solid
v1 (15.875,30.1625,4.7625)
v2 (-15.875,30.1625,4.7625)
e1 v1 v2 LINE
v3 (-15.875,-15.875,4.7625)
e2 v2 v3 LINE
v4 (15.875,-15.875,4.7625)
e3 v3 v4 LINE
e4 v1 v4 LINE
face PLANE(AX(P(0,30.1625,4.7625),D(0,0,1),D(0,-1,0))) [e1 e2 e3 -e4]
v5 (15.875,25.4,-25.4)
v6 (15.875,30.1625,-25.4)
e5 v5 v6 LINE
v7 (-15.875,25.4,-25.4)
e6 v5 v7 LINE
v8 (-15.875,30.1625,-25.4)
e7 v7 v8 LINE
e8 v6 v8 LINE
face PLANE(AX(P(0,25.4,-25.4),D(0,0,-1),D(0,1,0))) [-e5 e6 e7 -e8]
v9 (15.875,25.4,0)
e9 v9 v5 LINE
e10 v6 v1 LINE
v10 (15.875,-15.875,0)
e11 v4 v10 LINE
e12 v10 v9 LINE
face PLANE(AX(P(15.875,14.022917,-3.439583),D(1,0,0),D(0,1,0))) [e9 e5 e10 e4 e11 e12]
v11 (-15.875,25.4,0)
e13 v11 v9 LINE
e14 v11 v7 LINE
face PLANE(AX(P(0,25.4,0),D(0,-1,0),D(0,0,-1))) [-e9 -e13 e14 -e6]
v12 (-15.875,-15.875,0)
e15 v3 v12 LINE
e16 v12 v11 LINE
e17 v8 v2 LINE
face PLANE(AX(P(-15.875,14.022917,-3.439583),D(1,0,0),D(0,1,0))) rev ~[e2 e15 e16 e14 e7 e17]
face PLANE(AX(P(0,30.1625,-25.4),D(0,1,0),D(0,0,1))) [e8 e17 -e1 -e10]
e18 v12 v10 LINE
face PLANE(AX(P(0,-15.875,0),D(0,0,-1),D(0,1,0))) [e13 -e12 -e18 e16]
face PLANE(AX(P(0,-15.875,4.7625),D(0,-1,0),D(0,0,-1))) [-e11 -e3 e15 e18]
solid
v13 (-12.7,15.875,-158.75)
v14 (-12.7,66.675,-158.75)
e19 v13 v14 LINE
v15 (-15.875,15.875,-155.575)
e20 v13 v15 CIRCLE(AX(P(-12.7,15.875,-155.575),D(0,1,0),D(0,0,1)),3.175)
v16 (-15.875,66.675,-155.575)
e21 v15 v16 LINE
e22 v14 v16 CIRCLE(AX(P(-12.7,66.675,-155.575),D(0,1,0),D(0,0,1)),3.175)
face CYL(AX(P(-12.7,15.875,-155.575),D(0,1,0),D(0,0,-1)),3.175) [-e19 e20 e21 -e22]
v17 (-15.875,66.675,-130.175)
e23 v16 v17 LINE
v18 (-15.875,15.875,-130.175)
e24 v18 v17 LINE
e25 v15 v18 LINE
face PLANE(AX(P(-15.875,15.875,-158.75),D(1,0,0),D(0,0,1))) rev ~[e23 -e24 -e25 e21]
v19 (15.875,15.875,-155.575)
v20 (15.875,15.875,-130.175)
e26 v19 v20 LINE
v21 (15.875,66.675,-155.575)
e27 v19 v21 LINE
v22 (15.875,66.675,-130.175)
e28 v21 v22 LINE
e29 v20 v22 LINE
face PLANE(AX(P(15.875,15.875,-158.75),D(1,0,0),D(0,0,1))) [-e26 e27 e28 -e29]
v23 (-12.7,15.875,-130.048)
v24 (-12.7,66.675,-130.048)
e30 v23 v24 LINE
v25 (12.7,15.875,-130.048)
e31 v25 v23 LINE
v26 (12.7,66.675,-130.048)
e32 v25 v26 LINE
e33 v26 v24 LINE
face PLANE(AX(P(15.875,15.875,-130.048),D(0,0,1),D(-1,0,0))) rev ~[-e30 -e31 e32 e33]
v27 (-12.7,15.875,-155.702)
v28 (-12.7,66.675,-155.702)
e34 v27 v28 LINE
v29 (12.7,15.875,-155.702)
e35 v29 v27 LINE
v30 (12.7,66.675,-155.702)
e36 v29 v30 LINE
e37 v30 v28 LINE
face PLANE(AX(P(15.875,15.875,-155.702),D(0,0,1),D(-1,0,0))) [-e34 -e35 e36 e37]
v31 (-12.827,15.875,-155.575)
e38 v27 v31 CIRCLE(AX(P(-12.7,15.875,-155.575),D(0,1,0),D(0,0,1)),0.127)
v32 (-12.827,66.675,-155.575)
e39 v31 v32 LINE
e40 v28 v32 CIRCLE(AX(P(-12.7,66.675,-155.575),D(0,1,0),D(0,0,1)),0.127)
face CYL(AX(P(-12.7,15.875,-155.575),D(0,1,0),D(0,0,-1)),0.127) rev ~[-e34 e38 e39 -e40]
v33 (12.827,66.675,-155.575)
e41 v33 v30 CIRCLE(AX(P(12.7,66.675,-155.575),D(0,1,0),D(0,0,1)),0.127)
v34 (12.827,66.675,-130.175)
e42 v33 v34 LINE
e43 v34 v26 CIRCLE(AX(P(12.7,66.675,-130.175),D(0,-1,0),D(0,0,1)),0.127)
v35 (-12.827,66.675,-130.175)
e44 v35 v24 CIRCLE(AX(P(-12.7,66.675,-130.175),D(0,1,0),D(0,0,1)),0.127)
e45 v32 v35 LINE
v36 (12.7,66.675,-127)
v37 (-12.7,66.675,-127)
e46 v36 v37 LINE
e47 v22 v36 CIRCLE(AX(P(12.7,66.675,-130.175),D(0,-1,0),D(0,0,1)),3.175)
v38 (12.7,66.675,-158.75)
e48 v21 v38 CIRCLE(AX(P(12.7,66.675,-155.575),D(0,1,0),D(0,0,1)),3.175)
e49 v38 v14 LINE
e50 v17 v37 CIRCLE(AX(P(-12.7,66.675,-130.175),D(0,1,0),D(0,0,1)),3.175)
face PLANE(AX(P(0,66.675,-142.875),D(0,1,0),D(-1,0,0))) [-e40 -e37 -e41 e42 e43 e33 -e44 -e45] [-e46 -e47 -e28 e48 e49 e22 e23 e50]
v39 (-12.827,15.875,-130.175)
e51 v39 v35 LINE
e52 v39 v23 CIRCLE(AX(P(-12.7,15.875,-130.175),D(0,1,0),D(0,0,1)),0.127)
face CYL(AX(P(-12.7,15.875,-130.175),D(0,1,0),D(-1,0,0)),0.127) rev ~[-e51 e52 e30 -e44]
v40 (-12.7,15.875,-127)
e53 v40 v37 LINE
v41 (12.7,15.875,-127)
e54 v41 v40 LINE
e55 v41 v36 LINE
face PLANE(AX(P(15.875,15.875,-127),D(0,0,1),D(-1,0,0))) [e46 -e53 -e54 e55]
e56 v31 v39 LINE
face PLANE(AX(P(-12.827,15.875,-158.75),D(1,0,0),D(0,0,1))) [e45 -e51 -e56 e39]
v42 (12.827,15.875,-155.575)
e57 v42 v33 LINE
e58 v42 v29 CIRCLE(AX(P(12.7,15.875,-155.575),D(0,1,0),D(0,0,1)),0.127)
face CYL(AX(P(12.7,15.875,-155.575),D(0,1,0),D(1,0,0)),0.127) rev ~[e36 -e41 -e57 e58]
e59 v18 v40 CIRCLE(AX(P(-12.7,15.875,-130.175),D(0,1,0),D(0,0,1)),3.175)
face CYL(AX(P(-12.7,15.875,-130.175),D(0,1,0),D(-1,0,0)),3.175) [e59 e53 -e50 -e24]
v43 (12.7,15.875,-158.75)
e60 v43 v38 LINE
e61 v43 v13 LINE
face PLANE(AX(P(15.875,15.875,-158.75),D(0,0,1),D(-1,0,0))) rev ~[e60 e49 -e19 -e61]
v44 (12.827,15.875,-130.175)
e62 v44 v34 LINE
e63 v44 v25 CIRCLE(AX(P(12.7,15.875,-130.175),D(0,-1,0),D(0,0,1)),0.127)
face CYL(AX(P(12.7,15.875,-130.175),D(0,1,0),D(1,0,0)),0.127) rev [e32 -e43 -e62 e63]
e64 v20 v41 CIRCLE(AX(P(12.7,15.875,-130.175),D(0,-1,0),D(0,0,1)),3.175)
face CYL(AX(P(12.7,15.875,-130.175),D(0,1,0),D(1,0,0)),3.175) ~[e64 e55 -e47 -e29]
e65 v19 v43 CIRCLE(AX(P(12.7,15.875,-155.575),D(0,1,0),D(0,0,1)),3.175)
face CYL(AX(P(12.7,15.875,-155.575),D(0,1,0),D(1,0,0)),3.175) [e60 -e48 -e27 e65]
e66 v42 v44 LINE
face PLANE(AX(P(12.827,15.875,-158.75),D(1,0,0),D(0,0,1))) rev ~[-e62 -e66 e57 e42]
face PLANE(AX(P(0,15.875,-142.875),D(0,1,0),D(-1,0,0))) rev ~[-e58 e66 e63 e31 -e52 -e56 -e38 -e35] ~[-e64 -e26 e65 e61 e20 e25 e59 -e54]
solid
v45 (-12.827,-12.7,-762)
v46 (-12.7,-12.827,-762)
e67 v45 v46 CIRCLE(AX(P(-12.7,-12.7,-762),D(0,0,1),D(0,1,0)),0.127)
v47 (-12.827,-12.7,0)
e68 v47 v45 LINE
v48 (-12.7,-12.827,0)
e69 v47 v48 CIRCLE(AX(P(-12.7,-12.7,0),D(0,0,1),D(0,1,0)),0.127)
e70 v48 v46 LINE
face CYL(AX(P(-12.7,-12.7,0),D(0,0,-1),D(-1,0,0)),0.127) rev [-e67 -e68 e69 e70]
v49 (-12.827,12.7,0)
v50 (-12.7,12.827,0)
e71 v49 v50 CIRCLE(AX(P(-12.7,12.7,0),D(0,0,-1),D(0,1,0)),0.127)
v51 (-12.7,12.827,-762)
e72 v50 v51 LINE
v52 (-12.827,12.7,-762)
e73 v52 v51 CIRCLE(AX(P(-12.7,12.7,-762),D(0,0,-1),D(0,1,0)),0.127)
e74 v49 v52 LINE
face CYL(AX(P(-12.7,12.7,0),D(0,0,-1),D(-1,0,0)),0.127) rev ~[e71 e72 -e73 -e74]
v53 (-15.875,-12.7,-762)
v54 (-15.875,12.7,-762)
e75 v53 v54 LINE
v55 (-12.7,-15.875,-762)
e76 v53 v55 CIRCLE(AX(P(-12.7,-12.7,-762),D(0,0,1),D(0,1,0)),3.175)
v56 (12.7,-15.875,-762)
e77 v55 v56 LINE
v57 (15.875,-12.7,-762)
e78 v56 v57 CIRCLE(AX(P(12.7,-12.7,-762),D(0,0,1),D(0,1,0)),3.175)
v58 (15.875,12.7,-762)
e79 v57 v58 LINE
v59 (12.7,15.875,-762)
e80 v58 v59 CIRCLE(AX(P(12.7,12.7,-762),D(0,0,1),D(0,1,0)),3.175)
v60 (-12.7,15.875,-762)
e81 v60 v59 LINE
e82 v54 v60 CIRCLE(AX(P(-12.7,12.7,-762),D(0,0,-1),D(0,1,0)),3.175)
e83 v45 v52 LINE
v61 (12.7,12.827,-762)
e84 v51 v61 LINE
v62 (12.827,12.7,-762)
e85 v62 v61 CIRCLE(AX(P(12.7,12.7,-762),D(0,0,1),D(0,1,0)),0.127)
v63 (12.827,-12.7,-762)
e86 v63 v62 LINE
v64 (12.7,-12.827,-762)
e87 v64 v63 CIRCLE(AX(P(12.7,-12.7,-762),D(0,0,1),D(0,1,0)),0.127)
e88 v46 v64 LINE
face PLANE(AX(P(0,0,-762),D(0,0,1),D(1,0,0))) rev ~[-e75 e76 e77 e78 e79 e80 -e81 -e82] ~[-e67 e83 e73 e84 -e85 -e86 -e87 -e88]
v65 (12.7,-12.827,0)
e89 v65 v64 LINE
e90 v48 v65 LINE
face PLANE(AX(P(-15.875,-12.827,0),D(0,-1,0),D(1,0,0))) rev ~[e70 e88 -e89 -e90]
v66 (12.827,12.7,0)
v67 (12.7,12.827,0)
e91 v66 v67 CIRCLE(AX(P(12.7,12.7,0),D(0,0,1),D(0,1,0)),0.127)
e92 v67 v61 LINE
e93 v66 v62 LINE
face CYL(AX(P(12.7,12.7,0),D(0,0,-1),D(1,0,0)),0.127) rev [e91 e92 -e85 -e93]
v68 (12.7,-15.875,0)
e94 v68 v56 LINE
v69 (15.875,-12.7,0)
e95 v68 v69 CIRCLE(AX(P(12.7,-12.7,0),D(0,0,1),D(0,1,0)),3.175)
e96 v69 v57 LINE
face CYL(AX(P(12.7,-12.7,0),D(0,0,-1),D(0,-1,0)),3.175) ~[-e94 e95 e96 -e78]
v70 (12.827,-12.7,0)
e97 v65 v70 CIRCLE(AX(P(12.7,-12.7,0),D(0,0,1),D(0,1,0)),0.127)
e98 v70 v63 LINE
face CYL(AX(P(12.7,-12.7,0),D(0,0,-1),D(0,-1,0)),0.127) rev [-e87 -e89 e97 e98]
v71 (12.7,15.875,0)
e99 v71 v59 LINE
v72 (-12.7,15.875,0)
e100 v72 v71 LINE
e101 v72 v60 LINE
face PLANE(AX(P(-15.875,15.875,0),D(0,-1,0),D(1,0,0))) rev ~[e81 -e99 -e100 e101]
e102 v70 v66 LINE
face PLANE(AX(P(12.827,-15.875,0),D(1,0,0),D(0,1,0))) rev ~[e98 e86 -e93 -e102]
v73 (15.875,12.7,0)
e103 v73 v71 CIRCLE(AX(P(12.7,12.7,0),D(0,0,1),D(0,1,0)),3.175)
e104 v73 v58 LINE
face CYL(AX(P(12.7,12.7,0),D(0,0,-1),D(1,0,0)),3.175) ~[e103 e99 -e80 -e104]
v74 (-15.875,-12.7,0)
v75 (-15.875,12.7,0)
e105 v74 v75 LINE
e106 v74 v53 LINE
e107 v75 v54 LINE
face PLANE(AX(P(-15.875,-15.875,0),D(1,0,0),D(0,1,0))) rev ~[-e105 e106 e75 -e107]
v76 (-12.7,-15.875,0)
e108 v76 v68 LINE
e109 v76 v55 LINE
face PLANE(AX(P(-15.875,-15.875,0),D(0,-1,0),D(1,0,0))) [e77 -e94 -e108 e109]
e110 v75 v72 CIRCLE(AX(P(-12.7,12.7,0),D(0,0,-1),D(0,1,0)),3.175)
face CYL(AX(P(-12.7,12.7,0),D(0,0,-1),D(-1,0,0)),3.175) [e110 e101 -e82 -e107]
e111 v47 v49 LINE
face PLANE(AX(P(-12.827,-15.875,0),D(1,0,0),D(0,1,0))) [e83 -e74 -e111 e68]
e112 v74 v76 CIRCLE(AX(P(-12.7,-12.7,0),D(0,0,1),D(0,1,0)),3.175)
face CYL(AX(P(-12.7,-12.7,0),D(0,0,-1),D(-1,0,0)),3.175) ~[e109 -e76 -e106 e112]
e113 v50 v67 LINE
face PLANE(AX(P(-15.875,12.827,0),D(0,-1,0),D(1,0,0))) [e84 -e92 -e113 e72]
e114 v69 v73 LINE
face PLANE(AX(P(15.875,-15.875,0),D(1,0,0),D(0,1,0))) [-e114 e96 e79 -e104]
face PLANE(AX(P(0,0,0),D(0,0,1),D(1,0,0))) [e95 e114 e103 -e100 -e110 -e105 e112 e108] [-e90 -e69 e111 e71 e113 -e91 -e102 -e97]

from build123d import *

# Parameters (mm, degrees)
F0_W     = 31.75
F0_H     = 31.75
F1_DEPTH = 762
F2_R     = 3.175
F3_T     = -3.048
F5_DEPTH = 15.875
F6_W     = 31.75
F6_H     = 31.75
F7_DEPTH = 50.8
F8_R     = 3.175
F9_T     = -3.048


with BuildPart() as f1:
    # F0 (on Top) → F1 (new body)
    with BuildSketch(Plane.XY):
        Rectangle(F0_W, F0_H)
    extrude(amount=-F1_DEPTH)

    # F2
    f2_edges = [f1.edges().sort_by_distance(p)[0] for p in [
        (-15.875, 15.875, -381),
        (-15.875, -15.875, -381),
        (15.875, 15.875, -381),
        (15.875, -15.875, -381),
    ]]
    fillet(f2_edges, radius=F2_R)

    # F3
    f3_openings = [f1.faces().sort_by_distance(p)[0] for p in [
        (0, 0, 0),
        (0, 0, -762),
    ]]
    offset(amount=F3_T, openings=f3_openings)


with BuildPart() as f5:
    # F4 (on Right) → F5 (new body, symmetric)
    with BuildSketch(Plane.YZ):
        Polygon((30.1625, 4.7625), (-15.875, 4.7625), (-15.875, 0), (25.4, 0), (25.4, -25.4), (30.1625, -25.4), align=None)
    extrude(amount=F5_DEPTH, both=True)


with BuildPart() as f7:
    # F6 (on face) → F7 (new body)
    with BuildSketch(Plane(origin=(0, 15.875, 0), x_dir=(-1, 0, 0), z_dir=(0, 1, 0))):
        with Locations((0, -142.875)):
            Rectangle(F6_W, F6_H)
    extrude(amount=F7_DEPTH)

    # F8
    f8_edges = [f7.edges().sort_by_distance(p)[0] for p in [
        (-15.875, 41.275, -127),
        (-15.875, 41.275, -158.75),
        (15.875, 41.275, -127),
        (15.875, 41.275, -158.75),
    ]]
    fillet(f8_edges, radius=F8_R)

    # F9
    f9_openings = [f7.faces().sort_by_distance(p)[0] for p in [
        (0, 66.675, -142.875),
        (0, 15.875, -142.875),
    ]]
    offset(amount=F9_T, openings=f9_openings)


solid = Compound([f1.part, f5.part, f7.part])
